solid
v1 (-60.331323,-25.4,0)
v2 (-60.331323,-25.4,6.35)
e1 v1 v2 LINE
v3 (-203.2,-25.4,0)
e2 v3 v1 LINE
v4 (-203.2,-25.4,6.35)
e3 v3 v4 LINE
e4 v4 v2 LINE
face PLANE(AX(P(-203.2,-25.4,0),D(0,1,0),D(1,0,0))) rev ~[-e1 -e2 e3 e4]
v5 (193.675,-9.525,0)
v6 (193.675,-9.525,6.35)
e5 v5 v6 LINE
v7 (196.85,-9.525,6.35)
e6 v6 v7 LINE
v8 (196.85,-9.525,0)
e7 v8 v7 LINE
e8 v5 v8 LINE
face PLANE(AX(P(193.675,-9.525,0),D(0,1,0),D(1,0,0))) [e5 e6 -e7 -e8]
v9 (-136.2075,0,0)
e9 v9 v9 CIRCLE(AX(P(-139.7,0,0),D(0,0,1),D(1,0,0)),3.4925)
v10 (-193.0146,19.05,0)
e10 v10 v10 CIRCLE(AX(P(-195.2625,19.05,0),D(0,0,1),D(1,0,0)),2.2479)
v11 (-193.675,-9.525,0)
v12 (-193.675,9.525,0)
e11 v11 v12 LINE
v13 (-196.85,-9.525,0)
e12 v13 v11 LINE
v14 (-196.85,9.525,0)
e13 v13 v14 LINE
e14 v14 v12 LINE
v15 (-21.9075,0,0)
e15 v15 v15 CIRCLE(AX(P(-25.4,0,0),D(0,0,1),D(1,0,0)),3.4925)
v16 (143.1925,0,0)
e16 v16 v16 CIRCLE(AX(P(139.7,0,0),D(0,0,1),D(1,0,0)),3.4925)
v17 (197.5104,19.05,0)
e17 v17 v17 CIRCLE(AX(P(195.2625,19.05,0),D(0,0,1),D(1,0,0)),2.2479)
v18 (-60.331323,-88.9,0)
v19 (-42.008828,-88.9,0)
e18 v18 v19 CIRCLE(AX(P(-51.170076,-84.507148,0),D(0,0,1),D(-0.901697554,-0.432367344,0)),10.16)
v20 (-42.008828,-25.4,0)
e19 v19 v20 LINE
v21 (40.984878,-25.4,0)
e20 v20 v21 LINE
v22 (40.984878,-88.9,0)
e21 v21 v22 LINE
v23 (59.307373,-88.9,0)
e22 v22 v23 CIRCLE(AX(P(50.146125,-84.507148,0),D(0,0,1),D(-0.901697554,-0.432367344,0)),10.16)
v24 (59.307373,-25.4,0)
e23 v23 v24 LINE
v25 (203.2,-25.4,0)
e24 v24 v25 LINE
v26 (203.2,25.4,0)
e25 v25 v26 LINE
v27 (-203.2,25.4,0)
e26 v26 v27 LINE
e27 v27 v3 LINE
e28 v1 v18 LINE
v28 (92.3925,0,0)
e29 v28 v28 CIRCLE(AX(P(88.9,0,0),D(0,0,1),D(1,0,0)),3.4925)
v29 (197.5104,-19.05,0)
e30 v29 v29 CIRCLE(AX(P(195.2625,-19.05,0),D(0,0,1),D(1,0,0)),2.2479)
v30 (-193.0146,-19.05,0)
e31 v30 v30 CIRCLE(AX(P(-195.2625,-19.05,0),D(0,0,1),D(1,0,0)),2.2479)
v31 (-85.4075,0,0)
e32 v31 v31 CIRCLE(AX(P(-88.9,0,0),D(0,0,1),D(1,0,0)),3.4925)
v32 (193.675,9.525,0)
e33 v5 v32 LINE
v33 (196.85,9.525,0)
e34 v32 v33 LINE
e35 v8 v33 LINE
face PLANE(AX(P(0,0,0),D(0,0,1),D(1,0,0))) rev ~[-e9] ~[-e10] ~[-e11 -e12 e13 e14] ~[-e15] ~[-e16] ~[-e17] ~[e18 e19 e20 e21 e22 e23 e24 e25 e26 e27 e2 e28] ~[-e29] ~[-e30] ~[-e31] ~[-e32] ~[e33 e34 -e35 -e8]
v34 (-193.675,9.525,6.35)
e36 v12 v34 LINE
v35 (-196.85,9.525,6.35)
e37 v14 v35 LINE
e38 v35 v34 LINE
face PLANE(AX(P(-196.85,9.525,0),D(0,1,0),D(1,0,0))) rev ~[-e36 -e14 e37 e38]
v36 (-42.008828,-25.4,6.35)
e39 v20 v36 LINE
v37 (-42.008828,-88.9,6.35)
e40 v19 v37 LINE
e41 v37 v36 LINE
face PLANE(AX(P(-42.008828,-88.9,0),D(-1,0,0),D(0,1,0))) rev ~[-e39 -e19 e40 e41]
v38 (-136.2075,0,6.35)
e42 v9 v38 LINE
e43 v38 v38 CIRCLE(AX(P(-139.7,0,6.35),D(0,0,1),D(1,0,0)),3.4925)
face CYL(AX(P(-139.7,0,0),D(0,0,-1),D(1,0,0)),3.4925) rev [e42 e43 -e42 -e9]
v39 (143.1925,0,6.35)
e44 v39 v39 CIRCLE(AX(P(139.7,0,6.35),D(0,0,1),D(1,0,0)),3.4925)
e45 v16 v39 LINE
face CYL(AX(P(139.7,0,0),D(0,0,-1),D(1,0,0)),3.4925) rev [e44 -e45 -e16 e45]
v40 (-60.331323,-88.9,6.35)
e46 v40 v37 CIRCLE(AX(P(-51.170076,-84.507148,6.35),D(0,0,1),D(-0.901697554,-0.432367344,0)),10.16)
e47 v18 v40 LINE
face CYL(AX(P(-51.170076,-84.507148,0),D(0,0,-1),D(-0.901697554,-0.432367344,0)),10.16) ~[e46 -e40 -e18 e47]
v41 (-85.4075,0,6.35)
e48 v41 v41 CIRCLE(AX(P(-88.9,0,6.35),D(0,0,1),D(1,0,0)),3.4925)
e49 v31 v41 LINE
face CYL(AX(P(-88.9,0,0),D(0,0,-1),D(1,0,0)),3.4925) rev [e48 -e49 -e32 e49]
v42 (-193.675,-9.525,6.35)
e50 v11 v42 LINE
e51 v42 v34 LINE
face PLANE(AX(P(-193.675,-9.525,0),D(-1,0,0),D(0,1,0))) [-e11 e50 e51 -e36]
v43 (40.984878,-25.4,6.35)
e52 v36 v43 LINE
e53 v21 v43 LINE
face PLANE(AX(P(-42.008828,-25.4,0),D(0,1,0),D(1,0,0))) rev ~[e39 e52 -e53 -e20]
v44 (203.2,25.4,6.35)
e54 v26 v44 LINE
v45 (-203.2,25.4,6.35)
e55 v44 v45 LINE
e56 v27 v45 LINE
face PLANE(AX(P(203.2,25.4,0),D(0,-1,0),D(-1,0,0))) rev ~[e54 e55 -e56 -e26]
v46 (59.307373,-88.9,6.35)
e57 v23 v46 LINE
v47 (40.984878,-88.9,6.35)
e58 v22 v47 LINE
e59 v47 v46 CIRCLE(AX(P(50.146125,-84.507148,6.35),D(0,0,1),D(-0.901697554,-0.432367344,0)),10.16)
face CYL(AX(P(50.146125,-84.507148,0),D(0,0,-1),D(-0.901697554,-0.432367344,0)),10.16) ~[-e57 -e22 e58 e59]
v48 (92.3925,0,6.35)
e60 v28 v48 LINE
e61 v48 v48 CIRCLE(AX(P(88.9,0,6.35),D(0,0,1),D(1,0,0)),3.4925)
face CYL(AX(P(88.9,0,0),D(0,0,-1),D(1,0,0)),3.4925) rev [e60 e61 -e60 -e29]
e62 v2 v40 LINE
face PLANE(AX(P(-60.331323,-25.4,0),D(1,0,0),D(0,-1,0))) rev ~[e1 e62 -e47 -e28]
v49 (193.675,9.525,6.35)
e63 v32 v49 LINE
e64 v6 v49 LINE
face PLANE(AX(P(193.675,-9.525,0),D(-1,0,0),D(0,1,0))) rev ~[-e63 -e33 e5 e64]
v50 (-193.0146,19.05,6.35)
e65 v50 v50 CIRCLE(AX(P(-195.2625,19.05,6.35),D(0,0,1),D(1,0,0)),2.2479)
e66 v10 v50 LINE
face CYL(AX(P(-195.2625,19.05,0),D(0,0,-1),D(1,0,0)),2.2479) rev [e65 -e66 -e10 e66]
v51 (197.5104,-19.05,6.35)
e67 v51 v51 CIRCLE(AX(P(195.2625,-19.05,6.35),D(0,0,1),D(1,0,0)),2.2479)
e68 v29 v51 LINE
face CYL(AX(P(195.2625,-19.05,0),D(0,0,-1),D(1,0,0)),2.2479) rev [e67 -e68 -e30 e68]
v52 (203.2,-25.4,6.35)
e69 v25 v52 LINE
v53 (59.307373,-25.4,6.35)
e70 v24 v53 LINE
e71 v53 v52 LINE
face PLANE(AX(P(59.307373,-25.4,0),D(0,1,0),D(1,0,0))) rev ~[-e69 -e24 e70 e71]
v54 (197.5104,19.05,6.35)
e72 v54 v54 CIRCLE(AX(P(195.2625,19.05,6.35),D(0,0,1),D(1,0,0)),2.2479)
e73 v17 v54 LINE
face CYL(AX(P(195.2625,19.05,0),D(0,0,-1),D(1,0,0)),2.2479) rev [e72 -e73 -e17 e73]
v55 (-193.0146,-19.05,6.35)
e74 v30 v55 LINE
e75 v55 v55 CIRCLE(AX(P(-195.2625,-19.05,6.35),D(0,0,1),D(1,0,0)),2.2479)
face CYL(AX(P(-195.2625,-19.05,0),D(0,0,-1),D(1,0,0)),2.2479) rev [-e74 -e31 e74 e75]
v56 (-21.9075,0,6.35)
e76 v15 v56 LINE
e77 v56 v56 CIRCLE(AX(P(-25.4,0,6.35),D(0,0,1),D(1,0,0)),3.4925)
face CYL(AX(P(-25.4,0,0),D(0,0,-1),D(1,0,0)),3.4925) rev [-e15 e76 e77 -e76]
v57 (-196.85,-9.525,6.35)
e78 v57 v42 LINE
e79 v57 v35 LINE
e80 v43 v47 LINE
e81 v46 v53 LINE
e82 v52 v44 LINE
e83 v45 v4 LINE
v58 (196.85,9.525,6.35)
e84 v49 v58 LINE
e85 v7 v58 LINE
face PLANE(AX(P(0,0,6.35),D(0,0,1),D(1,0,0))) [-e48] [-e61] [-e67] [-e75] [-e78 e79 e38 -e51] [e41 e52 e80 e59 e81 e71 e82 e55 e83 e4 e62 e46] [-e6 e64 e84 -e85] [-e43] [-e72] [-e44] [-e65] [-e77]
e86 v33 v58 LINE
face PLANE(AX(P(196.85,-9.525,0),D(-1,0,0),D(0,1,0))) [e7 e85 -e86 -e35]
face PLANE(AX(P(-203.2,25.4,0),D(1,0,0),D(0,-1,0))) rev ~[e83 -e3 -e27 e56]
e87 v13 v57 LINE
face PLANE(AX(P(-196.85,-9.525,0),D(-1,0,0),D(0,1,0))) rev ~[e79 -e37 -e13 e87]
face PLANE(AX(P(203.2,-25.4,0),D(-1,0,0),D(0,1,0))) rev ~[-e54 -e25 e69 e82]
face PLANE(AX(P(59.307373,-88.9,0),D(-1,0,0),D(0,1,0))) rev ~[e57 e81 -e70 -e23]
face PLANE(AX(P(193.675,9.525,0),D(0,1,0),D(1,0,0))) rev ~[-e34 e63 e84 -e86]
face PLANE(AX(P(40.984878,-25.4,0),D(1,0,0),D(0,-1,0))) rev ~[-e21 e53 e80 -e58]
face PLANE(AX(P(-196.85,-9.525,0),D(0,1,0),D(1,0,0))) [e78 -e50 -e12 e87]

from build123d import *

# Parameters (mm, degrees)
F0_R     = 2.2479
F0_W     = 3.175
F0_H     = 19.05
F0_R_2   = 3.4925
F1_DEPTH = 6.35


with BuildPart() as f1:
    # F0 (on Top) → F1 (new body)
    with BuildSketch(Plane.XY):
        Polygon((203.2, -25.4), (203.2, 25.4), (-203.2, 25.4), (-203.2, -25.4), (-60.331323, -25.4), (-42.008828, -25.4), (40.984878, -25.4), (59.307373, -25.4), align=None)
        with Locations((-195.2625, -19.05)):
            Circle(F0_R, mode=Mode.SUBTRACT)
        with Locations((-195.2625, 0)):
            Rectangle(F0_W, F0_H, mode=Mode.SUBTRACT)
        with Locations((-139.7, 0)):
            Circle(F0_R_2, mode=Mode.SUBTRACT)
        with Locations((-195.2625, 19.05)):
            Circle(F0_R, mode=Mode.SUBTRACT)
        with Locations((-88.9, 0)):
            Circle(F0_R_2, mode=Mode.SUBTRACT)
        with Locations((-25.4, 0)):
            Circle(F0_R_2, mode=Mode.SUBTRACT)
        with Locations((195.2625, -19.05)):
            Circle(F0_R, mode=Mode.SUBTRACT)
        with Locations((88.9, 0)):
            Circle(F0_R_2, mode=Mode.SUBTRACT)
        with Locations((139.7, 0)):
            Circle(F0_R_2, mode=Mode.SUBTRACT)
        with Locations((195.2625, 0)):
            Rectangle(F0_W, F0_H, mode=Mode.SUBTRACT)
        with Locations((195.2625, 19.05)):
            Circle(F0_R, mode=Mode.SUBTRACT)
        with BuildLine():
            Line((59.307373, -88.9), (59.307373, -25.4))
            Line((59.307373, -25.4), (40.984878, -25.4))
            Line((40.984878, -25.4), (40.984878, -88.9))
            ThreePointArc((40.984878, -88.9), (50.146126, -94.667148), (59.307373, -88.9))
        make_face()
        with BuildLine():
            Line((-42.008828, -25.4), (-60.331323, -25.4))
            Line((-60.331323, -25.4), (-60.331323, -88.9))
            ThreePointArc((-60.331323, -88.9), (-51.170076, -94.667148), (-42.008828, -88.9))
            Line((-42.008828, -88.9), (-42.008828, -25.4))
        make_face()
    extrude(amount=F1_DEPTH)


solid = f1.part
